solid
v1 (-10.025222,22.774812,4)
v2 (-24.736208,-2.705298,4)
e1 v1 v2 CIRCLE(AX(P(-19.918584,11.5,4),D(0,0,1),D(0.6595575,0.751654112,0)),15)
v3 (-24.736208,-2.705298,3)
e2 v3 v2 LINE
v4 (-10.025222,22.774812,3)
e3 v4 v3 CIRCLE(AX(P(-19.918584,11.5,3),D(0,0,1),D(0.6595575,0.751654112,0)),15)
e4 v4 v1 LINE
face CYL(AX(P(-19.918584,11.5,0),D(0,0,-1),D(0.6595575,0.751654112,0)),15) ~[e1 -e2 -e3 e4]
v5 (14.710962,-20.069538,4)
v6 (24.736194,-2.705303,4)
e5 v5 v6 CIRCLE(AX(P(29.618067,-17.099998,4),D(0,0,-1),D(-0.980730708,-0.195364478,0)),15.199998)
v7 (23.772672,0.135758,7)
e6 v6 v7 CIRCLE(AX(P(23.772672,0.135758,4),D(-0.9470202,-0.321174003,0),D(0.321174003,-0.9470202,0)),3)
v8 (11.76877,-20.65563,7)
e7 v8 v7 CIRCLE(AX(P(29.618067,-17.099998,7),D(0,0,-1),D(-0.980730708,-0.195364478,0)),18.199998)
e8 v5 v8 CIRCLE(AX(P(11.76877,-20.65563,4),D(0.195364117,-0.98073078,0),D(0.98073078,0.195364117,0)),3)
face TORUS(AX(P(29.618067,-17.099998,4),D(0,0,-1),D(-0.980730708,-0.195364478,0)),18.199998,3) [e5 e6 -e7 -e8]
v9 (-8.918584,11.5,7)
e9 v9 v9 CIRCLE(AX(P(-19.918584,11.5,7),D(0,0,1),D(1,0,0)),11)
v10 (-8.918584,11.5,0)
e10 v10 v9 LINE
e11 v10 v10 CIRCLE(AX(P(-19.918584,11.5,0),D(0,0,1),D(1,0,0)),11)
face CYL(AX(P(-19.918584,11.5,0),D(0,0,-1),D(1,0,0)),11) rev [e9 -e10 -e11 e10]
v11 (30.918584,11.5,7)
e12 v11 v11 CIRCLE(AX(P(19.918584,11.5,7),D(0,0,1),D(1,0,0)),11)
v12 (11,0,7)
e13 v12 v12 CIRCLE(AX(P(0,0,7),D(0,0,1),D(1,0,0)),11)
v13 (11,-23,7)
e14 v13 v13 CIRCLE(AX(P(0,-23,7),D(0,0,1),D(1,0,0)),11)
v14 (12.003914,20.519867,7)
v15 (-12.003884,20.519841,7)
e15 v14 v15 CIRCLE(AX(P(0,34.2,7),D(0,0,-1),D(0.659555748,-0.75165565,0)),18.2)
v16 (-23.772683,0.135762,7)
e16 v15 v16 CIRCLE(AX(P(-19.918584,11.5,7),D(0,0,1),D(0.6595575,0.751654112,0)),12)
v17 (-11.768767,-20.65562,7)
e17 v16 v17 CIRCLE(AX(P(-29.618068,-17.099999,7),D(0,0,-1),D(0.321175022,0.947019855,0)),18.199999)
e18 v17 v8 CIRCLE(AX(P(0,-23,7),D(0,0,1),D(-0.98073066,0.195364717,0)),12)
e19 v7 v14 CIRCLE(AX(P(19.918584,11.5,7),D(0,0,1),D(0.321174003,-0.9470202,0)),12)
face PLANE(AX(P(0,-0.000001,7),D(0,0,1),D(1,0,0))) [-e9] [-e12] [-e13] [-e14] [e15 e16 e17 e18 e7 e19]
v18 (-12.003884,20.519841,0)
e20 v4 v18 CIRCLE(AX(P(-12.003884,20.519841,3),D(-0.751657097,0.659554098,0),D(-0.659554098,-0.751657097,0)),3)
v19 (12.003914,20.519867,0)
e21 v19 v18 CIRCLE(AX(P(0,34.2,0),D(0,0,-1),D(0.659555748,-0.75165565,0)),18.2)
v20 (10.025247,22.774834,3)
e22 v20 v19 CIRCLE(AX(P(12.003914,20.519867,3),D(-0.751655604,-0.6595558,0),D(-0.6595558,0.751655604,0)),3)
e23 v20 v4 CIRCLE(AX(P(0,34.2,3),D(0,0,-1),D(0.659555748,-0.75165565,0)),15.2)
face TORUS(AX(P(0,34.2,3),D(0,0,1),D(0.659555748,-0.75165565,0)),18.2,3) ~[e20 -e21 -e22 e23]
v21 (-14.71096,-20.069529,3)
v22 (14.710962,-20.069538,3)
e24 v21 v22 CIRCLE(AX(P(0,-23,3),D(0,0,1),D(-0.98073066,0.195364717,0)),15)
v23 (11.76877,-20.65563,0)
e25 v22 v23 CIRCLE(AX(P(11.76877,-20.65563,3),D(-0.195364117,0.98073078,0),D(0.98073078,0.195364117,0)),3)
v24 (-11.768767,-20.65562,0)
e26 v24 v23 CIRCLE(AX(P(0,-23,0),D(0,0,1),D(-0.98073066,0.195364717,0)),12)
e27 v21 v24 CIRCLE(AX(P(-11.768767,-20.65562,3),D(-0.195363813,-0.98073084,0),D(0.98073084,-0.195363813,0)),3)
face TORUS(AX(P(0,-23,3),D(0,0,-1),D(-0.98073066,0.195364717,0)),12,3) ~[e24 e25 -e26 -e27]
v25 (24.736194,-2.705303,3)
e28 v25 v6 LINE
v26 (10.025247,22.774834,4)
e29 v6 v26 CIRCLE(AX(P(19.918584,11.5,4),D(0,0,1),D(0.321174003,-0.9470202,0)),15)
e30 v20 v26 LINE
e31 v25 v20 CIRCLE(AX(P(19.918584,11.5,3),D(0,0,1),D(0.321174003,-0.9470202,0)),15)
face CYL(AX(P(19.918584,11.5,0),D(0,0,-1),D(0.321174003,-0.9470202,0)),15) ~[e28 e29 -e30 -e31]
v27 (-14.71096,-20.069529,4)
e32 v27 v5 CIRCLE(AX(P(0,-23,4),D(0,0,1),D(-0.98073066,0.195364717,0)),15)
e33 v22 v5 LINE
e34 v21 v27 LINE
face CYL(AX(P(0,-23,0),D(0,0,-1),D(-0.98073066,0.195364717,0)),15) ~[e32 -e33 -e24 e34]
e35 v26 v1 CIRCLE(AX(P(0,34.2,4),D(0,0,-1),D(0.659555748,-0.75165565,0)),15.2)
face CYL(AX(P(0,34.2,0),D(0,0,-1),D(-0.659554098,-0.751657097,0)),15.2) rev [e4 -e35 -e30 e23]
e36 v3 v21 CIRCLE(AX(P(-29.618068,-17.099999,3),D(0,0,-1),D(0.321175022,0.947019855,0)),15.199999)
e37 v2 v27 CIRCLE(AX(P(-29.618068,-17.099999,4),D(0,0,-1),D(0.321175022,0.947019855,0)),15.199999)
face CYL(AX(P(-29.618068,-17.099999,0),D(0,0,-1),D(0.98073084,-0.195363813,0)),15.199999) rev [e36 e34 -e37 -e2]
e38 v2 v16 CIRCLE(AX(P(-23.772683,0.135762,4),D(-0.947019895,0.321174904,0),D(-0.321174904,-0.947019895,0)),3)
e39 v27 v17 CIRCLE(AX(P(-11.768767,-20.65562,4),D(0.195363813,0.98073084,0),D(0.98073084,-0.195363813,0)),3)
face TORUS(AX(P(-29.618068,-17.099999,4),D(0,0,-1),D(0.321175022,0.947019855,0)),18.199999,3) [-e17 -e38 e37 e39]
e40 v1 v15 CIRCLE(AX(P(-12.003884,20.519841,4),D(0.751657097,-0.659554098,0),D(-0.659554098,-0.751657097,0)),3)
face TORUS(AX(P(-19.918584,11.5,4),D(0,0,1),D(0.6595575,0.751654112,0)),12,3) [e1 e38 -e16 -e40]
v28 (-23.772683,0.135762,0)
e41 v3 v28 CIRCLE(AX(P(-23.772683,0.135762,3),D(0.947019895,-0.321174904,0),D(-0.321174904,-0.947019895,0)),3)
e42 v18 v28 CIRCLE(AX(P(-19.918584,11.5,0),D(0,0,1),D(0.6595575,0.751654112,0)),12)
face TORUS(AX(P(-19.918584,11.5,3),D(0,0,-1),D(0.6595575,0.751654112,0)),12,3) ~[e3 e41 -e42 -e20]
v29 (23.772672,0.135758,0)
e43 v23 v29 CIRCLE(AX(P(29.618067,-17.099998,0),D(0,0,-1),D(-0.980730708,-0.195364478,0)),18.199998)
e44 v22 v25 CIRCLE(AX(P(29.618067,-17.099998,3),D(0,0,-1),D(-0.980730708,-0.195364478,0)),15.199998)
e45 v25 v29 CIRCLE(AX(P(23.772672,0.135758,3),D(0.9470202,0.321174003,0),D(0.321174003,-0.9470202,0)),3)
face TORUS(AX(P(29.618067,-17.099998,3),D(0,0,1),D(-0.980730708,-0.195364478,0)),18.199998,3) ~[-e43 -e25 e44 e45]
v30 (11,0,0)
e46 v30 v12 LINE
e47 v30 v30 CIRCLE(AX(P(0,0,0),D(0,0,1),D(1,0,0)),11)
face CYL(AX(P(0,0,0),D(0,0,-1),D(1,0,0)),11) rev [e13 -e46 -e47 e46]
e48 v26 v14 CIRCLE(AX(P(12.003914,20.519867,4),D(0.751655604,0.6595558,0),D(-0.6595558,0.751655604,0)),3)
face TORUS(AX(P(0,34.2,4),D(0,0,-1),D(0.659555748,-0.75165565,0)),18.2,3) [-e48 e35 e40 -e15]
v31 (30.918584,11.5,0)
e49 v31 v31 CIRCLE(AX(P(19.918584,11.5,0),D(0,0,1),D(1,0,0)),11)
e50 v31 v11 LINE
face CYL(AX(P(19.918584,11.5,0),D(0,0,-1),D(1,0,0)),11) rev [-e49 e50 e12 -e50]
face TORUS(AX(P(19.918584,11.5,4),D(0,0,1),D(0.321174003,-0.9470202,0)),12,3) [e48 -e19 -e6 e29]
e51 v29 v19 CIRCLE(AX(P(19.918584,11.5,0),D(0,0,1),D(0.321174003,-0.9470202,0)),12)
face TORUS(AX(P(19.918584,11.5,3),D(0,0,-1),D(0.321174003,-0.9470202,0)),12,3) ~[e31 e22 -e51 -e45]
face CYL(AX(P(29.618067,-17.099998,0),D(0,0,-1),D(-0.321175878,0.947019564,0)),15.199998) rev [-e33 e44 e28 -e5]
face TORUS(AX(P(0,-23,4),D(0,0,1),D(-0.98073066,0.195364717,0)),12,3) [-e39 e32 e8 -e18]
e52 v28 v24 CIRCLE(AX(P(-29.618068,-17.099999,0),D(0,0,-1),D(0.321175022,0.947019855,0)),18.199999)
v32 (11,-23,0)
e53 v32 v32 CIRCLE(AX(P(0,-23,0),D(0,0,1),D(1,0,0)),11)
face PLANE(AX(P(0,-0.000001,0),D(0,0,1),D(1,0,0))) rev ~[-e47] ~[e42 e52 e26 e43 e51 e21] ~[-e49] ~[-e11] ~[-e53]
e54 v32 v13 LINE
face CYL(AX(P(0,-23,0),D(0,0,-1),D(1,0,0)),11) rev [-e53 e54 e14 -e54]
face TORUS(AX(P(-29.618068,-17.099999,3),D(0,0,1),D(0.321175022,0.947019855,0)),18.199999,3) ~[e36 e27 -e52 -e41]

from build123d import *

# Parameters (mm, degrees)
SKETCH_R  = 11
PAD_DEPTH = 7
FILLET_R  = 3


with BuildPart() as part:
    # Sketch → Pad (new body)
    with BuildSketch(Plane.XY):
        with BuildLine():
            ThreePointArc((24.736194, -2.705303), (32.908969, 18.999993), (10.025247, 22.774834))
            ThreePointArc((-10.025222, 22.774812), (1.7e-05, 19), (10.025247, 22.774834))
            ThreePointArc((-10.025222, 22.774812), (-32.908957, 19.000015), (-24.736208, -2.705298))
            ThreePointArc((-14.71096, -20.069529), (-16.454484, -9.499997), (-24.736208, -2.705298))
            ThreePointArc((-14.71096, -20.069529), (-4e-06, -38), (14.710962, -20.069538))
            ThreePointArc((24.736194, -2.705303), (16.454478, -9.500007), (14.710962, -20.069538))
        make_face()
        with Locations((-19.918584, 11.5)):
            Circle(SKETCH_R, mode=Mode.SUBTRACT)
        Circle(SKETCH_R, mode=Mode.SUBTRACT)
        with Locations((19.918584, 11.5)):
            Circle(SKETCH_R, mode=Mode.SUBTRACT)
        with Locations((0, -23)):
            Circle(SKETCH_R, mode=Mode.SUBTRACT)
    extrude(amount=PAD_DEPTH)

    # Fillet
    fillet_edges = [part.edges().sort_by_distance(p)[0] for p in [
        (32.908969, 18.999993, 0),
        (32.908969, 18.999993, 7),
    ]]
    fillet(fillet_edges, radius=FILLET_R)


solid = part.part
